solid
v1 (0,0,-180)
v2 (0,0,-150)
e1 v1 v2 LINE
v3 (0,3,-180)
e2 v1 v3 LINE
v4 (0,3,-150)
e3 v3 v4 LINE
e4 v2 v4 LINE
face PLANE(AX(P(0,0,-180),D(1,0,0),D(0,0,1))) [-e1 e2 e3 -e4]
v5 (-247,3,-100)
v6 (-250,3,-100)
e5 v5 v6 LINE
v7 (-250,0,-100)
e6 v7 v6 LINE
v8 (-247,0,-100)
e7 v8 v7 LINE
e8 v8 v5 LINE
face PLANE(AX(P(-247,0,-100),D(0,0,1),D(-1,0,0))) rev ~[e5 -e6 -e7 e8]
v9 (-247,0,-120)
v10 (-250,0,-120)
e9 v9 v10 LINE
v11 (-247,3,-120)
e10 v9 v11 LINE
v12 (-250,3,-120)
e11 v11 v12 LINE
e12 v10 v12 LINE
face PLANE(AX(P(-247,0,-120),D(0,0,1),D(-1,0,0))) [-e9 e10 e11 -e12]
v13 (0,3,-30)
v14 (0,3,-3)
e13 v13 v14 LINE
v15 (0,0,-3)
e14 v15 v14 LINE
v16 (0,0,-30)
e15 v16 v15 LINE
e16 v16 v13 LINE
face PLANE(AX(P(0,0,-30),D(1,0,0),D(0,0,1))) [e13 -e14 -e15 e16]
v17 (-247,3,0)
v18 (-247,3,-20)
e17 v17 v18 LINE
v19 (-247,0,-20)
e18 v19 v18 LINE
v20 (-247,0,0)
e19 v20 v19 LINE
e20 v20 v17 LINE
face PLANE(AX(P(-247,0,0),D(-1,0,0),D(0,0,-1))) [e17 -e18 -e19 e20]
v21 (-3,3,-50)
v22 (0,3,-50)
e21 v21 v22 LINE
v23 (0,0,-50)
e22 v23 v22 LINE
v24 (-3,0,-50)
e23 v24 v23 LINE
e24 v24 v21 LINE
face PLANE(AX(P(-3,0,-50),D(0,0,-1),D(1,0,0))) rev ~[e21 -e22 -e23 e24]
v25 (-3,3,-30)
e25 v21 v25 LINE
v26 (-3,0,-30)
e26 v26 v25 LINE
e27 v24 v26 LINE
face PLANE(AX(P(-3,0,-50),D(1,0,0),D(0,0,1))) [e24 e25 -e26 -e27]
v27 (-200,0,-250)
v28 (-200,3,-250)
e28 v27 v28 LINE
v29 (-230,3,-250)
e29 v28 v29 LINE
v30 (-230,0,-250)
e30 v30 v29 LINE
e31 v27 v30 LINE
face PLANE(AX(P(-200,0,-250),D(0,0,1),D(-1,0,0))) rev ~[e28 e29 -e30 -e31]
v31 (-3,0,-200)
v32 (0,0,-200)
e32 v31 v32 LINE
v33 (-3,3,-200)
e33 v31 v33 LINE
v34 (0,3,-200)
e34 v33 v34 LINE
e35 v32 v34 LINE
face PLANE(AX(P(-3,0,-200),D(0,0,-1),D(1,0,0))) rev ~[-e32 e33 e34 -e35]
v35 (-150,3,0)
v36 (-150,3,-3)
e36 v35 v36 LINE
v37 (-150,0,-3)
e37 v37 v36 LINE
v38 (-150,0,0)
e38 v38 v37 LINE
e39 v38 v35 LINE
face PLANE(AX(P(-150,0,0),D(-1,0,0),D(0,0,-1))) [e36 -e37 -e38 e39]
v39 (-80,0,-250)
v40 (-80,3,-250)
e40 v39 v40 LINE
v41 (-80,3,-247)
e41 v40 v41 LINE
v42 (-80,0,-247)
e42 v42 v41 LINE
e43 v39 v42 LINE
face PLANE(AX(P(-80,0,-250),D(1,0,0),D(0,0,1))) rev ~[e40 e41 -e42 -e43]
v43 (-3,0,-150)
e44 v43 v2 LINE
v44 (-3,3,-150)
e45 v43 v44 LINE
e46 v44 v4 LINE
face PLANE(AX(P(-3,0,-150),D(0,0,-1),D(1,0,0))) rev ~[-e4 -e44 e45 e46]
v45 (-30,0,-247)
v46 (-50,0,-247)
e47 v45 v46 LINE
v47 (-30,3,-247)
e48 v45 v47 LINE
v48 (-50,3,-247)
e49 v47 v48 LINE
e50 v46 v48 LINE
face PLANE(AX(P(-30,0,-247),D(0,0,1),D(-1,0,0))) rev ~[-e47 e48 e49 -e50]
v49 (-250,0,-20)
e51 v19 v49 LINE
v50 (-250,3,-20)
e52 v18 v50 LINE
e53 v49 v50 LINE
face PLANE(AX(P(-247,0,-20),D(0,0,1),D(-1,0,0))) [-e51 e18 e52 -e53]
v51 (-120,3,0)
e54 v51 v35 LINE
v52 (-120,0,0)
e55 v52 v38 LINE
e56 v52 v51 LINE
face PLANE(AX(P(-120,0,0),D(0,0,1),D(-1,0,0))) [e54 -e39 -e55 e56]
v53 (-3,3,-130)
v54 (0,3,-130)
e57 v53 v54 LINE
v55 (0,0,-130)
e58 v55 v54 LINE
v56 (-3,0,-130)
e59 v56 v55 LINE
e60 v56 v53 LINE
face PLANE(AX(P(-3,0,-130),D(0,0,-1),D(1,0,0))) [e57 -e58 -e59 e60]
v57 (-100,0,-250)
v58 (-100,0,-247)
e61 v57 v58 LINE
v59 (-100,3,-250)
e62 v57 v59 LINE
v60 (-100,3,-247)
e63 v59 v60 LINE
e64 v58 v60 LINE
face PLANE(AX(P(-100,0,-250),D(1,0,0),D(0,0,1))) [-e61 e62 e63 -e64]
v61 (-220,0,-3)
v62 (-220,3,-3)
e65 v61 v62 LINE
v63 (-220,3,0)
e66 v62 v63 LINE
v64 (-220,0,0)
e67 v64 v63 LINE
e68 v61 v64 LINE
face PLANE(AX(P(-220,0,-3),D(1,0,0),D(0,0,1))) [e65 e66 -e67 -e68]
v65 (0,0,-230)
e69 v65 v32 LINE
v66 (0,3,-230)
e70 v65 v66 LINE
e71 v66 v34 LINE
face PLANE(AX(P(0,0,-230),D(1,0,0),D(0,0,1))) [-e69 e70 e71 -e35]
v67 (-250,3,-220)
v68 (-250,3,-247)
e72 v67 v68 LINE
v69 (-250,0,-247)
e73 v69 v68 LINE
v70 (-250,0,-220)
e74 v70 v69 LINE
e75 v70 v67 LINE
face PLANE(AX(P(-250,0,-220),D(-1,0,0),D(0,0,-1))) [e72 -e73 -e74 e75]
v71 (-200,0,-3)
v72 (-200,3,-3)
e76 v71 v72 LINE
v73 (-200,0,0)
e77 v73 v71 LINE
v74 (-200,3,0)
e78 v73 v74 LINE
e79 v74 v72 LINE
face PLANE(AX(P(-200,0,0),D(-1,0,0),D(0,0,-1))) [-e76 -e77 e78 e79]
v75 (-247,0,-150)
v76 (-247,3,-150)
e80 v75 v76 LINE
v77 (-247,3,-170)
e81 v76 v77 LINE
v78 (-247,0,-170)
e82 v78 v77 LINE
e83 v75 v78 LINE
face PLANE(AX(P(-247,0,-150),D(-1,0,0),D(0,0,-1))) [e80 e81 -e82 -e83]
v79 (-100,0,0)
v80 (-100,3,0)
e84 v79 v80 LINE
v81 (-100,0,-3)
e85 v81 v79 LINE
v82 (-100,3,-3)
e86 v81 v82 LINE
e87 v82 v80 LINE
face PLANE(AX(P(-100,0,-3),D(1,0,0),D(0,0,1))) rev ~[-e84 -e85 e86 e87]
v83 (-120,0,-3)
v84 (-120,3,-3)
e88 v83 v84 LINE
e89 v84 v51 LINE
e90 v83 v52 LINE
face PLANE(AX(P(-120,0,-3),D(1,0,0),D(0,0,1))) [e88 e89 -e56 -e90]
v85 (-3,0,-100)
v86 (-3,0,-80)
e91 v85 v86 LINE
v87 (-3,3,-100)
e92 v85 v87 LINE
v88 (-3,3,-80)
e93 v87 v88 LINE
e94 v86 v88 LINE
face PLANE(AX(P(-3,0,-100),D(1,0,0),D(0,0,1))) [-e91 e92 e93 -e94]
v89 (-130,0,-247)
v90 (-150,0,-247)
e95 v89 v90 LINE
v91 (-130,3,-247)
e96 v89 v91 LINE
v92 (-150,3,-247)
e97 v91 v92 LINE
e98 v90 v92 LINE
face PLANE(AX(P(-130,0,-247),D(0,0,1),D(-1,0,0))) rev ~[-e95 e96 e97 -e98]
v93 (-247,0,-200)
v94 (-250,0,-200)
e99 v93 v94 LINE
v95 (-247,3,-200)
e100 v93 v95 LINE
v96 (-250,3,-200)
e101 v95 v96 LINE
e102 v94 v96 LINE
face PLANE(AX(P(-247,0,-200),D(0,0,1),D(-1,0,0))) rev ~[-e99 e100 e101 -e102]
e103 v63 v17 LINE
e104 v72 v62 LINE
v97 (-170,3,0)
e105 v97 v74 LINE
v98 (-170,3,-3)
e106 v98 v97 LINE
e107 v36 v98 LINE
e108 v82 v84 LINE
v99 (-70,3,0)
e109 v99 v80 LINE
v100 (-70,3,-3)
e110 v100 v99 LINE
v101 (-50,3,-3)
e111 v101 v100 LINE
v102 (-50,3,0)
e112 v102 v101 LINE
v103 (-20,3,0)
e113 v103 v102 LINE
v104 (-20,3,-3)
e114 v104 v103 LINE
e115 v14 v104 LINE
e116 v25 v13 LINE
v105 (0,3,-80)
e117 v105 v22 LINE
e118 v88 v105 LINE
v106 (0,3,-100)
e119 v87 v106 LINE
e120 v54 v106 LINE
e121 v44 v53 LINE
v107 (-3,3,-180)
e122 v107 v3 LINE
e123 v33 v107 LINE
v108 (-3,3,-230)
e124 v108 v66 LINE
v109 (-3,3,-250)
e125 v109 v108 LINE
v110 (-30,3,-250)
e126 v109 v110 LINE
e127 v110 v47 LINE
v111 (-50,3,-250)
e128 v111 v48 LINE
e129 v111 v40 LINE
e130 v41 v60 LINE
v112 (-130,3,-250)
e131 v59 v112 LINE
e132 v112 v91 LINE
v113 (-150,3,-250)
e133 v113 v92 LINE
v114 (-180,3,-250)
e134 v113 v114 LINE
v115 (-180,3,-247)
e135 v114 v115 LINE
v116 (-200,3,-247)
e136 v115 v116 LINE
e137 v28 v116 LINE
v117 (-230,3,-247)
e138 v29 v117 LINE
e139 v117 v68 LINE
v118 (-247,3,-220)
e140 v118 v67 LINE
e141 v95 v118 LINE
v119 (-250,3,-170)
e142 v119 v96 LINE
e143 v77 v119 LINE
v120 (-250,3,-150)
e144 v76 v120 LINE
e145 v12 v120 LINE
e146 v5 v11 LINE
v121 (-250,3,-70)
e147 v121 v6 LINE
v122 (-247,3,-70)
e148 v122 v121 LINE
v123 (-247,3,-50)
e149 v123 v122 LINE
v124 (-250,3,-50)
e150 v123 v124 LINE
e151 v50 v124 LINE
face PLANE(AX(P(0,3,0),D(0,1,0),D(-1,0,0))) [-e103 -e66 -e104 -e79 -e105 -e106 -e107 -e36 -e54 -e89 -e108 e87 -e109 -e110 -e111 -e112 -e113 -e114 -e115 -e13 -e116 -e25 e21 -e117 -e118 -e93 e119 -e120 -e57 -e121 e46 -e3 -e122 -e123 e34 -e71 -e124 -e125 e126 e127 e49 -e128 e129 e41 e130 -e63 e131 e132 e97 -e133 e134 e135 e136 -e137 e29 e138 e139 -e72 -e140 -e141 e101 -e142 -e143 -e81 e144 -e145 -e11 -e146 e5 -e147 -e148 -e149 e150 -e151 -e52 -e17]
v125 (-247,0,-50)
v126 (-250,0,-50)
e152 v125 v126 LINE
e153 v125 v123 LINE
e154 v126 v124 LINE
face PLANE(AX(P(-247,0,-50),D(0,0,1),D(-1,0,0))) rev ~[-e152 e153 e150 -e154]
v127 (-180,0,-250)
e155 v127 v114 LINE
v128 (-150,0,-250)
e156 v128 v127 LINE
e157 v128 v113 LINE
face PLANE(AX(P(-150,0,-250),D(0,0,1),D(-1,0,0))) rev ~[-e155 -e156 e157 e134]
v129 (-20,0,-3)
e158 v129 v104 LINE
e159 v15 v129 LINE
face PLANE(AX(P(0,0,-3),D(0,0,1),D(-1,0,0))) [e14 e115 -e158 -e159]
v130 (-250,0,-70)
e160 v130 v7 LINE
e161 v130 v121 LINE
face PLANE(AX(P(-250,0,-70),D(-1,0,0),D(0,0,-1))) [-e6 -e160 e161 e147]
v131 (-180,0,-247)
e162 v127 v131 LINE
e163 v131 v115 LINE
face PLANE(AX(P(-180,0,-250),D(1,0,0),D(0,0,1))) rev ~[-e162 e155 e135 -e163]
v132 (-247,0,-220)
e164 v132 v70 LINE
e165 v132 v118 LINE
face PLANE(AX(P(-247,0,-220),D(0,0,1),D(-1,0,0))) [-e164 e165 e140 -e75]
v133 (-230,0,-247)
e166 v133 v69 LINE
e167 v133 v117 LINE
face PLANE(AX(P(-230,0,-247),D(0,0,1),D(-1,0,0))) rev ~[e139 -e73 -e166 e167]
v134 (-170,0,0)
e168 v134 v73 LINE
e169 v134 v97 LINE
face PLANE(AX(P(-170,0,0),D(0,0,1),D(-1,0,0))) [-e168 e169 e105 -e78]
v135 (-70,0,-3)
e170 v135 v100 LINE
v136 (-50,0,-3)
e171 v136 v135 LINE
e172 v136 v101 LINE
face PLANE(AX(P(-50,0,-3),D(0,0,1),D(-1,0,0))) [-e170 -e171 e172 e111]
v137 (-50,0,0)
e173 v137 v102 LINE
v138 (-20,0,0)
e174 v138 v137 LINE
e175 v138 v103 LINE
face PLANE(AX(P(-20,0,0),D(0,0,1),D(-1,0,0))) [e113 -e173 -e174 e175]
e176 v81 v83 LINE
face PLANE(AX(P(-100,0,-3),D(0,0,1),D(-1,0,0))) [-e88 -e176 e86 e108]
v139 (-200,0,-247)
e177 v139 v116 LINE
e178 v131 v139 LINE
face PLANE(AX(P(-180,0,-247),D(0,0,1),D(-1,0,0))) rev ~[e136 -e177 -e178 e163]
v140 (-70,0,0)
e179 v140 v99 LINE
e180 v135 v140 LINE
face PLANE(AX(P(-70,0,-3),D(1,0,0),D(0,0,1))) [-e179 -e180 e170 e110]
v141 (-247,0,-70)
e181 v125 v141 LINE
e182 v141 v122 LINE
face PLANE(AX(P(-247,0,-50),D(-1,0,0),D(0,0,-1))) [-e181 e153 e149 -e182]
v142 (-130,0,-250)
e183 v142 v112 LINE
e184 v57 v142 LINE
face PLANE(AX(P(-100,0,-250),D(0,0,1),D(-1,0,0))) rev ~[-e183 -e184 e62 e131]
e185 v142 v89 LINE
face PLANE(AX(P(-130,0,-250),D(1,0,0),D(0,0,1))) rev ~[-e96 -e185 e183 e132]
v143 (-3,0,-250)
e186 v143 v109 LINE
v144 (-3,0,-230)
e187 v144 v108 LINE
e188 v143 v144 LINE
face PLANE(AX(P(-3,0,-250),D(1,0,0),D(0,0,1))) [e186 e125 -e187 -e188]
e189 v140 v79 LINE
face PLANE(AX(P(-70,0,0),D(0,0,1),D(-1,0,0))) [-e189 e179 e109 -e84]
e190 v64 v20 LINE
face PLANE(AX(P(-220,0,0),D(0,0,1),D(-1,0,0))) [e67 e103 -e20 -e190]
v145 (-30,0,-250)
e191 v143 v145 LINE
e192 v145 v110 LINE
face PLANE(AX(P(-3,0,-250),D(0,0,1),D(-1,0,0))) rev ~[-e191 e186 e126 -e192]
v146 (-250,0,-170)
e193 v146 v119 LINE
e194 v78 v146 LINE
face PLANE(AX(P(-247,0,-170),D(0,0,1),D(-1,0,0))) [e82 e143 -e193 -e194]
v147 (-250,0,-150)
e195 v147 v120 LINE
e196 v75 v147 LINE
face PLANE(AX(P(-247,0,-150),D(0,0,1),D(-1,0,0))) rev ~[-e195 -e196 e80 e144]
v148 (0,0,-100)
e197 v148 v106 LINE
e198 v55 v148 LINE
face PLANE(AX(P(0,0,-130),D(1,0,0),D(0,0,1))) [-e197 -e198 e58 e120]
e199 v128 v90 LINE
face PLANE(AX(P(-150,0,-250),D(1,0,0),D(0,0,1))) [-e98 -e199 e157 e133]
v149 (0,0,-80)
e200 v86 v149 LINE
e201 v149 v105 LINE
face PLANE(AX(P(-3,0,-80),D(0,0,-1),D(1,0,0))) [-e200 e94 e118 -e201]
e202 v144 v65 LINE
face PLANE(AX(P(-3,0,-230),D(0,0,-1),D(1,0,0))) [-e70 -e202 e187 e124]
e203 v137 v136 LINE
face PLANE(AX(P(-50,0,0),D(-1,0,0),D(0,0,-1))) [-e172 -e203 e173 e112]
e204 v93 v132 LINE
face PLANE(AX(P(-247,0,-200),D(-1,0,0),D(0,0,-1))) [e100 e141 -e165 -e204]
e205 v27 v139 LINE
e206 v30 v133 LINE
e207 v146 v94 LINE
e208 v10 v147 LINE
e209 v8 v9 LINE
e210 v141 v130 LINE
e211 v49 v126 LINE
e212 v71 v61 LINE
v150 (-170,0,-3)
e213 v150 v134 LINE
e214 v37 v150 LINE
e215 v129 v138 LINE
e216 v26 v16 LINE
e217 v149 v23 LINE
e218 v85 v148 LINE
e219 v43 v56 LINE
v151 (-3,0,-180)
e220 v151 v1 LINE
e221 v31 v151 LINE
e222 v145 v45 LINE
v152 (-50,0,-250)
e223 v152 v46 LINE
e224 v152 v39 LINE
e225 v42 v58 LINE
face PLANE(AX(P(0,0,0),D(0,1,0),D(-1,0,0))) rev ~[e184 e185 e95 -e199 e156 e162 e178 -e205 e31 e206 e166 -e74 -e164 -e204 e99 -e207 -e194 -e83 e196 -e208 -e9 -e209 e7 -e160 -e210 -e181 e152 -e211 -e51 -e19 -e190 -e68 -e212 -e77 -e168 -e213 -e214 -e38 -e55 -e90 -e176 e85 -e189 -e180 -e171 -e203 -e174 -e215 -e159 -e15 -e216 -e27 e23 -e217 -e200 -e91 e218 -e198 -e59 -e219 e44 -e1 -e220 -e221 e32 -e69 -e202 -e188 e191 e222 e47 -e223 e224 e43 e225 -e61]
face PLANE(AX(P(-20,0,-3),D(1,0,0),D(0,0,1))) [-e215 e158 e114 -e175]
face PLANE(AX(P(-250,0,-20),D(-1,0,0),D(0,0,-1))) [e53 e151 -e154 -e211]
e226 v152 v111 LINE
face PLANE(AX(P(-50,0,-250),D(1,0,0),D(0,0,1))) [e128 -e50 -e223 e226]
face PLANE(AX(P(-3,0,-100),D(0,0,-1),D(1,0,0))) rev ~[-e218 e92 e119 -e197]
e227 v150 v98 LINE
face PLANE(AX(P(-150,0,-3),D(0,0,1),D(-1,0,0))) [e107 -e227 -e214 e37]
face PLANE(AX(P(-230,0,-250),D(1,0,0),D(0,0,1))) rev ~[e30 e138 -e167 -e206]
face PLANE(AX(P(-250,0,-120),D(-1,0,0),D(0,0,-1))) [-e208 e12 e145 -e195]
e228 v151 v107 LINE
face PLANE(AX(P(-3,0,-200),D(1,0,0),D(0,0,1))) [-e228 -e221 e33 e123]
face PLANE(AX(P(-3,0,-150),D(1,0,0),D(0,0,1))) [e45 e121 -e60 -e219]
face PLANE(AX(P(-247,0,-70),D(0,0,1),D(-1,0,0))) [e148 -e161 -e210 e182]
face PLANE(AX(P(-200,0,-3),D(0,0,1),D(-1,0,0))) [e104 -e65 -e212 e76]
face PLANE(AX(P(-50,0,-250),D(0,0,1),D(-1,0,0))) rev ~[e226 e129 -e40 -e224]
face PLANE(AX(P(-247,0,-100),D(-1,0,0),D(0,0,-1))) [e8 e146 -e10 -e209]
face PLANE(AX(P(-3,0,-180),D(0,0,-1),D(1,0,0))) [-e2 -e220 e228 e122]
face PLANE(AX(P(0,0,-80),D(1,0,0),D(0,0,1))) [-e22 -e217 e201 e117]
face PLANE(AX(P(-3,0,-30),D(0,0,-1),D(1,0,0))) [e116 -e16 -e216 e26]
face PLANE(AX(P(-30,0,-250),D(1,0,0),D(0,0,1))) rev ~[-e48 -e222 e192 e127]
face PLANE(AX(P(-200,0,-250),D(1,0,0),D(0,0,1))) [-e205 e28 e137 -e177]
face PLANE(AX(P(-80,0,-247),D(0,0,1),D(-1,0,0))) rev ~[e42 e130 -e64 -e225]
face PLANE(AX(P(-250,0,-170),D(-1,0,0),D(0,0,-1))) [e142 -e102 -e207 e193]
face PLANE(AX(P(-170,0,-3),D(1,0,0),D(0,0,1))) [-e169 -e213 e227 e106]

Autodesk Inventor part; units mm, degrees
ref_plane "YZ Plane" through (0, 0, 0) normal (1, 0, 0) x (0, 1, 0)
ref_plane "XZ Plane" through (0, 0, 0) normal (0, 1, 0) x (-1, 0, 0)
ref_plane "XY Plane" through (0, 0, 0) normal (0, 0, 1) x (1, 0, 0)
sketch "Sketch1" plane through (0, 0, 0) normal (0, 1, 0) x (-1, 0, 0)
  line L0 (247, 0) -> (247, -20)
  line L1 (247, -20) -> (250, -20)
  line L2 (247, -50) -> (247, -70)
  line L3 (247, -70) -> (250, -70)
  line L4 (247, -50) -> (250, -50)
  line L5 (250, -20) -> (250, -50)
  line L6 (247, -100) -> (247, -120)
  line L7 (247, -150) -> (247, -170)
  line L8 (247, -200) -> (247, -220)
  line L9 (247, -220) -> (250, -220)
  line L10 (247, -200) -> (250, -200)
  line L11 (247, -170) -> (250, -170)
  line L12 (247, -150) -> (250, -150)
  line L13 (247, -120) -> (250, -120)
  line L14 (247, -100) -> (250, -100)
  line L15 (250, -220) -> (250, -247)
  line L16 (250, -170) -> (250, -200)
  line L17 (250, -70) -> (250, -100)
  line L18 (250, -120) -> (250, -150)
  line L19 (3, -250) -> (3, -230)
  line L20 (3, -230) -> (0, -230)
  line L21 (3, -200) -> (3, -180)
  line L22 (3, -180) -> (0, -180)
  line L23 (3, -200) -> (0, -200)
  line L24 (0, -230) -> (0, -200)
  line L25 (3, -150) -> (3, -130)
  line L26 (3, -100) -> (3, -80)
  line L27 (3, -50) -> (3, -30)
  line L28 (3, -30) -> (0, -30)
  line L29 (3, -50) -> (0, -50)
  line L30 (3, -80) -> (0, -80)
  line L31 (3, -100) -> (0, -100)
  line L32 (3, -130) -> (0, -130)
  line L33 (3, -150) -> (0, -150)
  line L34 (0, -30) -> (0, -3)
  line L35 (0, -80) -> (0, -50)
  line L36 (0, -180) -> (0, -150)
  line L37 (0, -130) -> (0, -100)
  line L38 (130, -247) -> (150, -247)
  line L39 (150, -250) -> (150, -247)
  line L40 (150, -250) -> (180, -250)
  line L41 (180, -250) -> (180, -247)
  line L42 (200, -250) -> (200, -247)
  line L43 (180, -247) -> (200, -247)
  line L44 (200, -250) -> (230, -250)
  line L45 (230, -250) -> (230, -247)
  line L46 (230, -247) -> (250, -247)
  line L47 (3, -250) -> (30, -250)
  line L48 (30, -250) -> (30, -247)
  line L49 (130, -250) -> (130, -247)
  line L50 (100, -250) -> (130, -250)
  line L51 (100, -250) -> (100, -247)
  line L52 (80, -247) -> (100, -247)
  line L53 (80, -250) -> (80, -247)
  line L54 (50, -250) -> (80, -250)
  line L55 (50, -250) -> (50, -247)
  line L56 (30, -247) -> (50, -247)
  line L57 (230, -250) -> (200, -250)
  line L58 (180, -250) -> (150, -250)
  line L59 (130, -250) -> (100, -250)
  line L60 (80, -250) -> (50, -250)
  line L61 (30, -250) -> (3, -250)
  line L62 (0, -3) -> (20, -3)
  line L63 (20, -3) -> (20, 0)
  line L64 (50, 0) -> (50, -3)
  line L65 (50, -3) -> (70, -3)
  line L66 (70, -3) -> (70, 0)
  line L67 (100, -3) -> (100, 0)
  line L68 (100, -3) -> (120, -3)
  line L69 (120, -3) -> (120, 0)
  line L70 (150, 0) -> (150, -3)
  line L71 (150, -3) -> (170, -3)
  line L72 (170, -3) -> (170, 0)
  line L73 (200, 0) -> (200, 0)
  line L74 (200, 0) -> (200, -3)
  line L75 (200, -3) -> (220, -3)
  line L76 (220, -3) -> (220, 0)
  line L77 (220, 0) -> (247, 0)
  line L78 (170, 0) -> (200, 0)
  line L79 (120, 0) -> (150, 0)
  line L80 (20, 0) -> (50, 0)
  line L81 (70, 0) -> (100, 0)
  point P0 (0, 0)
  dimension "d11" = 20
  dimension "d12" = 20
  dimension "d13" = 20
  dimension "d14" = 20
  dimension "d15" = 20
  dimension "d16" = 20
  dimension "d17" = 20
  dimension "d18" = 20
  dimension "d19" = 30
  dimension "d20" = 30
  dimension "d21" = 30
  dimension "d22" = 30
  dimension "d27" = 20
  dimension "d28" = 3
  dimension "d30" = 20
  dimension "d31" = 3
  dimension "d32" = 20
  dimension "d33" = 20
  dimension "d34" = 3
  dimension "d35" = 20
  dimension "d36" = 3
  dimension "d37" = 20
  dimension "d38" = 30
  dimension "d39" = 30
  dimension "d40" = 250
  dimension "d41" = 20
  dimension "d42" = 20
  dimension "d43" = 20
  dimension "d44" = 20
  dimension "d45" = 20
  dimension "d46" = 20
  dimension "d47" = 27
extrude "Extrusion1" add sketch "Sketch1" along normal blind 3
properties part number "Bbase"
